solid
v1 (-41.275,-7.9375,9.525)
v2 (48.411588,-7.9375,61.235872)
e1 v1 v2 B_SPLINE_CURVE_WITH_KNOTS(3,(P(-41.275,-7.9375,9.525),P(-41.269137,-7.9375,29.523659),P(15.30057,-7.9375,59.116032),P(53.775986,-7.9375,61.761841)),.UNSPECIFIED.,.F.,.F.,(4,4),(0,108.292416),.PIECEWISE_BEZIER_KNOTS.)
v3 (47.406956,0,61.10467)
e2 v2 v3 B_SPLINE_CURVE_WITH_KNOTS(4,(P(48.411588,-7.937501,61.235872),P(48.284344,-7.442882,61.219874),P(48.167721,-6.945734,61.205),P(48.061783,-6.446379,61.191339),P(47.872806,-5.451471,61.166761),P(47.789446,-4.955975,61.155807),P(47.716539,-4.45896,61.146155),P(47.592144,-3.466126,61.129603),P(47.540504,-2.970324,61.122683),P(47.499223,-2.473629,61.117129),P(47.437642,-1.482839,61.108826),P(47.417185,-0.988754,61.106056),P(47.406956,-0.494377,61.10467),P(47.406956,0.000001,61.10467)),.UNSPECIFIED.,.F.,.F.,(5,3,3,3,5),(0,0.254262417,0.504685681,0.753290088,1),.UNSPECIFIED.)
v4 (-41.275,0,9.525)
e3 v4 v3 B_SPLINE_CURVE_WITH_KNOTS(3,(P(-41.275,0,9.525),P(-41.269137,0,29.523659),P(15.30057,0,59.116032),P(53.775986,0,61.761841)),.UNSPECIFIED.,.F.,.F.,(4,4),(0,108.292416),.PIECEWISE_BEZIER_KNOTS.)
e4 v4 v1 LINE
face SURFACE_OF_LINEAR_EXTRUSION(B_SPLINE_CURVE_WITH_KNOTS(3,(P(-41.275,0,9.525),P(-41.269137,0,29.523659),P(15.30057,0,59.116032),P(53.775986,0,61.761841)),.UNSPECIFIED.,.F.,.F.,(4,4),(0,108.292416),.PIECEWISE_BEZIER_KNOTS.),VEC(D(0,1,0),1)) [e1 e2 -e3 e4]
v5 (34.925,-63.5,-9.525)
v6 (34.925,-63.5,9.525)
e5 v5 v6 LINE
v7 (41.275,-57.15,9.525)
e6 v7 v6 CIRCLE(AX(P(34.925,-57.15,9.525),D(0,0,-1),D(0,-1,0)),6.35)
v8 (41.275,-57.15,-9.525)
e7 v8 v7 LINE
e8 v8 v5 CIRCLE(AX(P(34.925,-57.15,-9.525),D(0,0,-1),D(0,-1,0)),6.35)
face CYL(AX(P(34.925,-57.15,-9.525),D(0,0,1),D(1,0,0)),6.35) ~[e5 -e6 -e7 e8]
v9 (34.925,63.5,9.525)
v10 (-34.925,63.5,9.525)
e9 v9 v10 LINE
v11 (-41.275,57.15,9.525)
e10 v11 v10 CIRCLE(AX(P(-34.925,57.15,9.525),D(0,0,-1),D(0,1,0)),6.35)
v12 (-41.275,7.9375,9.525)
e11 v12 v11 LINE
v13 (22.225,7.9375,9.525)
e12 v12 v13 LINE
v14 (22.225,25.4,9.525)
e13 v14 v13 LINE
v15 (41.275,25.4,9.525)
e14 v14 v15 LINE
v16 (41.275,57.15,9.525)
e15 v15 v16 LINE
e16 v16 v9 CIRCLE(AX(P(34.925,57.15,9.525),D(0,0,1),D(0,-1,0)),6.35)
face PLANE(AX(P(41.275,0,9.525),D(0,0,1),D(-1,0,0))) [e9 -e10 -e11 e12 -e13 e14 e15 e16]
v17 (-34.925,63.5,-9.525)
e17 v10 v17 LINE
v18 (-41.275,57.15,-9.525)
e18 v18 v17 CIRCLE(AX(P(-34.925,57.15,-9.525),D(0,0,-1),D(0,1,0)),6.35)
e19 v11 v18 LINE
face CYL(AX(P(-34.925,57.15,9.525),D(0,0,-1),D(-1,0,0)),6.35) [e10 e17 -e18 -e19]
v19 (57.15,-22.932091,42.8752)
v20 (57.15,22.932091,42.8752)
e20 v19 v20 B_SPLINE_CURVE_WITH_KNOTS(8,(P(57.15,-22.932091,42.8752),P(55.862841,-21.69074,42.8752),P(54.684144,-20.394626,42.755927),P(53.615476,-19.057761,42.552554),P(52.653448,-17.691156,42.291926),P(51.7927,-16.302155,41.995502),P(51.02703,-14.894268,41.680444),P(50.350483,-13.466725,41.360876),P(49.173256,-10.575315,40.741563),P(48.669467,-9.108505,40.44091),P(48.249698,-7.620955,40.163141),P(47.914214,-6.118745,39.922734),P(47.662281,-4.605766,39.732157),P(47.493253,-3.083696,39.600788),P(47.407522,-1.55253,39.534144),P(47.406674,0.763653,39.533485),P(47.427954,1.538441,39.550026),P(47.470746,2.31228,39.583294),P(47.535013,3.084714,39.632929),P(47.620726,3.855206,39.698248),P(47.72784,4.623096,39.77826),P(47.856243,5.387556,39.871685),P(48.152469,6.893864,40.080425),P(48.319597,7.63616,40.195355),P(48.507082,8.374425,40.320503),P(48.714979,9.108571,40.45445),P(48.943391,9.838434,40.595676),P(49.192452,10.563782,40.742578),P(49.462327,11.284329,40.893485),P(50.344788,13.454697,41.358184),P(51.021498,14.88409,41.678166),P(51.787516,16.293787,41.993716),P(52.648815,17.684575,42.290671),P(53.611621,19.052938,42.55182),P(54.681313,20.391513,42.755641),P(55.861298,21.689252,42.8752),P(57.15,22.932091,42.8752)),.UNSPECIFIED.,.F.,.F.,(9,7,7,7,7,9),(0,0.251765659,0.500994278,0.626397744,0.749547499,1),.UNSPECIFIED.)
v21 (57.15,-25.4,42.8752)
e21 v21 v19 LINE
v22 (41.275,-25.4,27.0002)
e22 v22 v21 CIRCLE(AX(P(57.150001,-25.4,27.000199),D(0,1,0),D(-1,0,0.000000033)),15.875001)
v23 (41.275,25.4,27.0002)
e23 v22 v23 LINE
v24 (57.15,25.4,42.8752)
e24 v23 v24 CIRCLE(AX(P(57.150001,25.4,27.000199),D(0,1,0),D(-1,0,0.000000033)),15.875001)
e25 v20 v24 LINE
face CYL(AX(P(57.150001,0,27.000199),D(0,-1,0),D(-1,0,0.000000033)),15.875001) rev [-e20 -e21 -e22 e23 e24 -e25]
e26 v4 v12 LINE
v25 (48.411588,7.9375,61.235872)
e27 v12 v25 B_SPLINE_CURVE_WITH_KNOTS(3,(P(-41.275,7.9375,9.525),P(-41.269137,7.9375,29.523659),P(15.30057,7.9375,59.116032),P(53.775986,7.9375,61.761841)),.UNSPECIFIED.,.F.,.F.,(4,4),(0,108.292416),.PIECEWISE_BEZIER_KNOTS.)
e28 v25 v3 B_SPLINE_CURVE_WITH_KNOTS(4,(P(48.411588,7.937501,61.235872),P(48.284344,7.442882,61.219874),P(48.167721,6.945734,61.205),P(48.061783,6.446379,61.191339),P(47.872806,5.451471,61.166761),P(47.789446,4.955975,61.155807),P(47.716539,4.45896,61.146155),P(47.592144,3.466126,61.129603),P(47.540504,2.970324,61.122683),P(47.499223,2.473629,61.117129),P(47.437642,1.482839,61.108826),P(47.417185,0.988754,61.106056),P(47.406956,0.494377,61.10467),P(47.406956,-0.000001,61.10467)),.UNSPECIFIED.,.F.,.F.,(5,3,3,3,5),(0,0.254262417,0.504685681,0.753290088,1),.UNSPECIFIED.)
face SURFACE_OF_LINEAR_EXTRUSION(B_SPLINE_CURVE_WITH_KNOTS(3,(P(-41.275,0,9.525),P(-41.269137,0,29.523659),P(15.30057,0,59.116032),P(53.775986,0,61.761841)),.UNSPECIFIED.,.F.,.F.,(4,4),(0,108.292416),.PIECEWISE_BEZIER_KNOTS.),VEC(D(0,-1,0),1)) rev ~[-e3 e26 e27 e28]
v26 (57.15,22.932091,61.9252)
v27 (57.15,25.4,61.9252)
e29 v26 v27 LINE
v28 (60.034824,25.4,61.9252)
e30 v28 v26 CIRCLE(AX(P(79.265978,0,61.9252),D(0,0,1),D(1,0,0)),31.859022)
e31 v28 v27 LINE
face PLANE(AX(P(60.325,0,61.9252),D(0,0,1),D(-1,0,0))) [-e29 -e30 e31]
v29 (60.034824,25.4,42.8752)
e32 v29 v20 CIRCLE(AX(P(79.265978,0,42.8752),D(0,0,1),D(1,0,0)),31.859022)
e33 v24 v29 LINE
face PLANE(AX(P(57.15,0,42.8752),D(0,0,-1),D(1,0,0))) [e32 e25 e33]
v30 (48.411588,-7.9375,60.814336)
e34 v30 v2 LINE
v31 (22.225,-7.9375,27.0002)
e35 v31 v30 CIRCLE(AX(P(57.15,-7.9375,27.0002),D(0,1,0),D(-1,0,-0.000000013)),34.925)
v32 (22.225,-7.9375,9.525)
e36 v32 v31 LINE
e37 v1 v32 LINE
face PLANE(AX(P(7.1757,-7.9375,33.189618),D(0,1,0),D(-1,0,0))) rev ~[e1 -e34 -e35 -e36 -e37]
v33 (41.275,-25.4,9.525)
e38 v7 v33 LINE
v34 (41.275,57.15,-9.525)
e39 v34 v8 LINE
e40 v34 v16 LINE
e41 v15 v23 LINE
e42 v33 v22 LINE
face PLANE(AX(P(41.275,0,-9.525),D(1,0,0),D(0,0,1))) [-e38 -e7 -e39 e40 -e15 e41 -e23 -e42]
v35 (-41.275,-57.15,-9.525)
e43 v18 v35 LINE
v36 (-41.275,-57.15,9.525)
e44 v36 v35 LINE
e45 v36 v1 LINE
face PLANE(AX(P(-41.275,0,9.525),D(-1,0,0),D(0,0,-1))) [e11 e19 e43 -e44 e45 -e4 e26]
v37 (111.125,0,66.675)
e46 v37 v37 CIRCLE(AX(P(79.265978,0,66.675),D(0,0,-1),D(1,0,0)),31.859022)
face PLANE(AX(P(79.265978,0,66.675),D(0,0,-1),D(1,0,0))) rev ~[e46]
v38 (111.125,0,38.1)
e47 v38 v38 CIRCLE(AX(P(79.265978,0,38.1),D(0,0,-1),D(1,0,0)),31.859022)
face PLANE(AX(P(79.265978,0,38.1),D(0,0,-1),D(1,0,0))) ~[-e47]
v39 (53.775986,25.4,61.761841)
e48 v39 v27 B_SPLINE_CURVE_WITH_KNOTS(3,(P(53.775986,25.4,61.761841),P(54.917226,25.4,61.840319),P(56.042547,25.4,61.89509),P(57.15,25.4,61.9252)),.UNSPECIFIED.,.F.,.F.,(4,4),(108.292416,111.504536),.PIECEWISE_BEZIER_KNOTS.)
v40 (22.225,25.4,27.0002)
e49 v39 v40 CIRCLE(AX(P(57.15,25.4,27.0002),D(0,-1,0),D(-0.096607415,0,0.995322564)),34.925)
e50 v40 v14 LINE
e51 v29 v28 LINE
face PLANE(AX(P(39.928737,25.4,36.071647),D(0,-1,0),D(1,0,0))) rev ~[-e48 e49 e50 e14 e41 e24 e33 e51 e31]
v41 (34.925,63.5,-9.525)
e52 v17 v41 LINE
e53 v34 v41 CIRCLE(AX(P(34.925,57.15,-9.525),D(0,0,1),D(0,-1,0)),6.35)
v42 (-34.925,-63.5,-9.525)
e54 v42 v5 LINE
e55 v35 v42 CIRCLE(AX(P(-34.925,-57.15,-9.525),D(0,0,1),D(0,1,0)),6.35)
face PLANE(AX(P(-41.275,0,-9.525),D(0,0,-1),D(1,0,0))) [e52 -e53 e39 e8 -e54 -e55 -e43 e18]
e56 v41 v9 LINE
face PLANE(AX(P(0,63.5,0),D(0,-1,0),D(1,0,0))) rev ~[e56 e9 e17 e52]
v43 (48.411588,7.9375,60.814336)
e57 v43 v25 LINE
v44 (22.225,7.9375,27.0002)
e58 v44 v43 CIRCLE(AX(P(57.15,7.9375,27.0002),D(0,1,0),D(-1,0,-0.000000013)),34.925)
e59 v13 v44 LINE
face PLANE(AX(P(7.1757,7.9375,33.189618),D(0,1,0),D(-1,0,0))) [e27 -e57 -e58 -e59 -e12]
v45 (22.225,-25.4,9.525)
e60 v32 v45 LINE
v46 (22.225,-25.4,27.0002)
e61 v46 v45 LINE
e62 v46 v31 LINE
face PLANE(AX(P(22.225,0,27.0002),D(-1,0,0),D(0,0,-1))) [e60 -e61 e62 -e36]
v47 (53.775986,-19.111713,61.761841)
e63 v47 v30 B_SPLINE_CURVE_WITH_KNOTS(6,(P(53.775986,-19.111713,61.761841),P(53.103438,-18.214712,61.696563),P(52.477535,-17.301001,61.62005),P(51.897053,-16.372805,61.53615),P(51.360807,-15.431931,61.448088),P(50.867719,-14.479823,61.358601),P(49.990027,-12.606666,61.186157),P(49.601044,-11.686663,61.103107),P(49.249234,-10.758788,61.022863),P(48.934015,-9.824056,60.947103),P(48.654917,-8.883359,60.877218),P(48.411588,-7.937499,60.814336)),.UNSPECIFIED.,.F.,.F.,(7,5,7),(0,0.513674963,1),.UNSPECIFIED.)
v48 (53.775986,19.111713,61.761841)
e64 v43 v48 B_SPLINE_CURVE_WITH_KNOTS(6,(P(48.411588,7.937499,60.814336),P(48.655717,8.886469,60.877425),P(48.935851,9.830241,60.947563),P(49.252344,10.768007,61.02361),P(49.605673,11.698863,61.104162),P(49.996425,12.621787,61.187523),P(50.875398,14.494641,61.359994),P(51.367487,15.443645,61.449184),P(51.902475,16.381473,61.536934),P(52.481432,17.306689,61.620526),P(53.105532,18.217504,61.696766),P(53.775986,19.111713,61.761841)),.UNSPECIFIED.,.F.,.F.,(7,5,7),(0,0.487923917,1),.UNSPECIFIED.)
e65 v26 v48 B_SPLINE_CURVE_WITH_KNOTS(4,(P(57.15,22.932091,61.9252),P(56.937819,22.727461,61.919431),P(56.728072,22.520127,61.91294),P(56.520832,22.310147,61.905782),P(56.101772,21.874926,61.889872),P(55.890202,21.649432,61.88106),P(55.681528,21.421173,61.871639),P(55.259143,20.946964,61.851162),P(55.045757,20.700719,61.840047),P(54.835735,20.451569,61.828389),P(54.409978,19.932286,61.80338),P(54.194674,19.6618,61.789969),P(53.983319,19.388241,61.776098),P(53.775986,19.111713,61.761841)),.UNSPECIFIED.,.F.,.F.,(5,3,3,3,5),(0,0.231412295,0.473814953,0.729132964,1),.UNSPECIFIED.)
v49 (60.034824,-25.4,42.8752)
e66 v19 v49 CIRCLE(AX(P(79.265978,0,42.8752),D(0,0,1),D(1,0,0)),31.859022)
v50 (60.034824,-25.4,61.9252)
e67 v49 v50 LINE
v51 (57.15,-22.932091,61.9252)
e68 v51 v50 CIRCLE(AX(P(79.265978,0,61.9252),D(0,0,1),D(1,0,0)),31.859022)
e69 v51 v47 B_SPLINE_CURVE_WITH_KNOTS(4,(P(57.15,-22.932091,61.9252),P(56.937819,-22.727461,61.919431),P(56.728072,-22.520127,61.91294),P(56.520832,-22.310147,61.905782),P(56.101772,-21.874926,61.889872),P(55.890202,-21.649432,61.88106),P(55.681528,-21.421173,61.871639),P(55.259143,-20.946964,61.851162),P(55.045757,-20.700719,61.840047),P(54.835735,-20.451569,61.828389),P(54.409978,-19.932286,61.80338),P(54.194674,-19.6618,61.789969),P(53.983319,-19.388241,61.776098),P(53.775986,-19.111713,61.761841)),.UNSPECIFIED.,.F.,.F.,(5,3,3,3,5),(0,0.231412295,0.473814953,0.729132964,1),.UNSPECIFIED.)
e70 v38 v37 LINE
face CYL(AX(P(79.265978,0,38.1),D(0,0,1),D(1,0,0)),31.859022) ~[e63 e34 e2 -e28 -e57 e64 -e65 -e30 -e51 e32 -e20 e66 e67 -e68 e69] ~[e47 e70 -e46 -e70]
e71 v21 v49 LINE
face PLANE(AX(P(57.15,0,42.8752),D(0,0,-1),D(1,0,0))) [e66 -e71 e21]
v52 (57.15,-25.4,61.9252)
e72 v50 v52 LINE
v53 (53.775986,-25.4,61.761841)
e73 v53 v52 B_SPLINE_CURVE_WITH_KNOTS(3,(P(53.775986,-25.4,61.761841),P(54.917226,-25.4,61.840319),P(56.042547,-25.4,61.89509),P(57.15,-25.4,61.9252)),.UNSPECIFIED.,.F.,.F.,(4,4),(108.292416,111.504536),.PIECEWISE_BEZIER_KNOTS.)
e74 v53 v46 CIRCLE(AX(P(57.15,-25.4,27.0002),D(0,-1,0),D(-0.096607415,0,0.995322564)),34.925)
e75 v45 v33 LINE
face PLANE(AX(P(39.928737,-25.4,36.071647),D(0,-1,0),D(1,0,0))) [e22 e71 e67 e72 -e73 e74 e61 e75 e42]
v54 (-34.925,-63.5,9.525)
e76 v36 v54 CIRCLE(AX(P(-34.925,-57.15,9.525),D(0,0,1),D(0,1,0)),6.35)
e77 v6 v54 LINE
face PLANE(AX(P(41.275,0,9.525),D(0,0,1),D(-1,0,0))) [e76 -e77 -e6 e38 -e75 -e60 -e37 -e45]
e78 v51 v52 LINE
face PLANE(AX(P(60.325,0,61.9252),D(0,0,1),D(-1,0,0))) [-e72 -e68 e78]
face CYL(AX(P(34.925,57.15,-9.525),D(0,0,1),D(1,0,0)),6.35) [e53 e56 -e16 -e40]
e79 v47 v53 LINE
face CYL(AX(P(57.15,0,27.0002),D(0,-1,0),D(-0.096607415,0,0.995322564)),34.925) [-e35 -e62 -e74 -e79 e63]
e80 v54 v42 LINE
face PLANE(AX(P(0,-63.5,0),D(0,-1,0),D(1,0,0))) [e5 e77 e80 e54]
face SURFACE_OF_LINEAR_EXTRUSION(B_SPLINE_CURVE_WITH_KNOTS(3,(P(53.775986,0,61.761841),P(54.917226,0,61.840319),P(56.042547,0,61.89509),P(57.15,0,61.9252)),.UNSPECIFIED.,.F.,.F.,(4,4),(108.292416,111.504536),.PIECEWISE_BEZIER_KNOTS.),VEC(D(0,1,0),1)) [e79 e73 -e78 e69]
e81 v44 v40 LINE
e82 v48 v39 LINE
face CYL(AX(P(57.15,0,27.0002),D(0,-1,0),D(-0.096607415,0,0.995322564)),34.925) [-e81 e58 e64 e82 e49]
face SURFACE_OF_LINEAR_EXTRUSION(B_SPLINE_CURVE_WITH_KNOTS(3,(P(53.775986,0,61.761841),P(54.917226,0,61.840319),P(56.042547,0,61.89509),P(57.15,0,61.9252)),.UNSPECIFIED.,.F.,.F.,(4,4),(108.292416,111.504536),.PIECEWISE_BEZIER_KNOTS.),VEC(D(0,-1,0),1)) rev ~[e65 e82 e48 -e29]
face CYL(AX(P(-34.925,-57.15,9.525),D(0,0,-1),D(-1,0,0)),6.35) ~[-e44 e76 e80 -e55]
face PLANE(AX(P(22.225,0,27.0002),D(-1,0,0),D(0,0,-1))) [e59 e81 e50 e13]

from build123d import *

# Parameters (mm, degrees)
F1_DEPTH = 63.5
F0_W     = 18.940978
F0_H     = 4.7752
F2_DEPTH = 25.4
F3_DEPTH = 7.9375
F5_R     = 6.35


with BuildPart() as f1:
    # F0 (on Front) → F1 (new body, symmetric)
    with BuildSketch(Plane.XZ):
        Polygon((22.225, 9.525), (-41.275, 9.525), (-41.275, -9.525), (41.275, -9.525), (41.275, 9.525), align=None)
    extrude(amount=F1_DEPTH, both=True)

    # F0 (on Front) → F2 (join, symmetric)
    with BuildSketch(Plane.XZ):
        with BuildLine():
            Line((22.225, 27.0002), (22.225, 9.525))
            Line((22.225, 9.525), (41.275, 9.525))
            Line((41.275, 9.525), (41.275, 27.0002))
            ThreePointArc((41.275, 27.0002), (45.92468, 38.22552), (57.15, 42.8752))
            Line((57.15, 42.8752), (60.325, 42.8752))
            Line((60.325, 42.8752), (60.325, 61.9252))
            Line((60.325, 61.9252), (57.15, 61.9252))
            add(Edge.make_bspline(
                [(53.775986, 61.761841), (54.917226, 61.840319), (56.042547, 61.89509), (57.15, 61.9252)],
                knots=[108.292416, 108.292416, 108.292416, 108.292416, 111.504536, 111.504536, 111.504536, 111.504536], degree=3))
            ThreePointArc((53.775986, 61.761841), (31.288899, 50.472718), (22.225, 27.0002))
        make_face()
        with Locations((69.795489, 40.4876)):
            Rectangle(F0_W, F0_H)
    extrude(amount=F2_DEPTH, both=True)

    # F0 (on Front) → F3 (join, symmetric)
    with BuildSketch(Plane.XZ):
        with BuildLine():
            add(Edge.make_bspline(
                [(-41.275, 9.525), (-41.269137, 29.523659), (15.30057, 59.116032), (53.775986, 61.761841)],
                knots=[0, 0, 0, 0, 108.292416, 108.292416, 108.292416, 108.292416], degree=3))
            Line((-41.275, 9.525), (22.225, 9.525))
            Line((22.225, 9.525), (22.225, 27.0002))
            ThreePointArc((22.225, 27.0002), (31.288899, 50.472718), (53.775986, 61.761841))
        make_face()
    extrude(amount=F3_DEPTH, both=True)

    # F0 (on Front) → F4 (revolve)
    with BuildSketch(Plane.XZ):
        Polygon((79.265978, 66.675), (79.265978, 61.9252), (79.265978, 49.505379), (79.265978, 42.8752), (79.265978, 38.1), (111.125, 38.1), (111.125, 66.675), align=None)
    revolve(axis=Axis((79.265978, 0, 52.3875), (0, 0, -1)))

    # F5
    f5_edges = [f1.edges().sort_by_distance(p)[0] for p in [
        (41.275, -63.5, 0),
        (-41.275, -63.5, 0),
        (41.275, 63.5, 0),
        (-41.275, 63.5, 0),
    ]]
    fillet(f5_edges, radius=F5_R)


solid = f1.part
